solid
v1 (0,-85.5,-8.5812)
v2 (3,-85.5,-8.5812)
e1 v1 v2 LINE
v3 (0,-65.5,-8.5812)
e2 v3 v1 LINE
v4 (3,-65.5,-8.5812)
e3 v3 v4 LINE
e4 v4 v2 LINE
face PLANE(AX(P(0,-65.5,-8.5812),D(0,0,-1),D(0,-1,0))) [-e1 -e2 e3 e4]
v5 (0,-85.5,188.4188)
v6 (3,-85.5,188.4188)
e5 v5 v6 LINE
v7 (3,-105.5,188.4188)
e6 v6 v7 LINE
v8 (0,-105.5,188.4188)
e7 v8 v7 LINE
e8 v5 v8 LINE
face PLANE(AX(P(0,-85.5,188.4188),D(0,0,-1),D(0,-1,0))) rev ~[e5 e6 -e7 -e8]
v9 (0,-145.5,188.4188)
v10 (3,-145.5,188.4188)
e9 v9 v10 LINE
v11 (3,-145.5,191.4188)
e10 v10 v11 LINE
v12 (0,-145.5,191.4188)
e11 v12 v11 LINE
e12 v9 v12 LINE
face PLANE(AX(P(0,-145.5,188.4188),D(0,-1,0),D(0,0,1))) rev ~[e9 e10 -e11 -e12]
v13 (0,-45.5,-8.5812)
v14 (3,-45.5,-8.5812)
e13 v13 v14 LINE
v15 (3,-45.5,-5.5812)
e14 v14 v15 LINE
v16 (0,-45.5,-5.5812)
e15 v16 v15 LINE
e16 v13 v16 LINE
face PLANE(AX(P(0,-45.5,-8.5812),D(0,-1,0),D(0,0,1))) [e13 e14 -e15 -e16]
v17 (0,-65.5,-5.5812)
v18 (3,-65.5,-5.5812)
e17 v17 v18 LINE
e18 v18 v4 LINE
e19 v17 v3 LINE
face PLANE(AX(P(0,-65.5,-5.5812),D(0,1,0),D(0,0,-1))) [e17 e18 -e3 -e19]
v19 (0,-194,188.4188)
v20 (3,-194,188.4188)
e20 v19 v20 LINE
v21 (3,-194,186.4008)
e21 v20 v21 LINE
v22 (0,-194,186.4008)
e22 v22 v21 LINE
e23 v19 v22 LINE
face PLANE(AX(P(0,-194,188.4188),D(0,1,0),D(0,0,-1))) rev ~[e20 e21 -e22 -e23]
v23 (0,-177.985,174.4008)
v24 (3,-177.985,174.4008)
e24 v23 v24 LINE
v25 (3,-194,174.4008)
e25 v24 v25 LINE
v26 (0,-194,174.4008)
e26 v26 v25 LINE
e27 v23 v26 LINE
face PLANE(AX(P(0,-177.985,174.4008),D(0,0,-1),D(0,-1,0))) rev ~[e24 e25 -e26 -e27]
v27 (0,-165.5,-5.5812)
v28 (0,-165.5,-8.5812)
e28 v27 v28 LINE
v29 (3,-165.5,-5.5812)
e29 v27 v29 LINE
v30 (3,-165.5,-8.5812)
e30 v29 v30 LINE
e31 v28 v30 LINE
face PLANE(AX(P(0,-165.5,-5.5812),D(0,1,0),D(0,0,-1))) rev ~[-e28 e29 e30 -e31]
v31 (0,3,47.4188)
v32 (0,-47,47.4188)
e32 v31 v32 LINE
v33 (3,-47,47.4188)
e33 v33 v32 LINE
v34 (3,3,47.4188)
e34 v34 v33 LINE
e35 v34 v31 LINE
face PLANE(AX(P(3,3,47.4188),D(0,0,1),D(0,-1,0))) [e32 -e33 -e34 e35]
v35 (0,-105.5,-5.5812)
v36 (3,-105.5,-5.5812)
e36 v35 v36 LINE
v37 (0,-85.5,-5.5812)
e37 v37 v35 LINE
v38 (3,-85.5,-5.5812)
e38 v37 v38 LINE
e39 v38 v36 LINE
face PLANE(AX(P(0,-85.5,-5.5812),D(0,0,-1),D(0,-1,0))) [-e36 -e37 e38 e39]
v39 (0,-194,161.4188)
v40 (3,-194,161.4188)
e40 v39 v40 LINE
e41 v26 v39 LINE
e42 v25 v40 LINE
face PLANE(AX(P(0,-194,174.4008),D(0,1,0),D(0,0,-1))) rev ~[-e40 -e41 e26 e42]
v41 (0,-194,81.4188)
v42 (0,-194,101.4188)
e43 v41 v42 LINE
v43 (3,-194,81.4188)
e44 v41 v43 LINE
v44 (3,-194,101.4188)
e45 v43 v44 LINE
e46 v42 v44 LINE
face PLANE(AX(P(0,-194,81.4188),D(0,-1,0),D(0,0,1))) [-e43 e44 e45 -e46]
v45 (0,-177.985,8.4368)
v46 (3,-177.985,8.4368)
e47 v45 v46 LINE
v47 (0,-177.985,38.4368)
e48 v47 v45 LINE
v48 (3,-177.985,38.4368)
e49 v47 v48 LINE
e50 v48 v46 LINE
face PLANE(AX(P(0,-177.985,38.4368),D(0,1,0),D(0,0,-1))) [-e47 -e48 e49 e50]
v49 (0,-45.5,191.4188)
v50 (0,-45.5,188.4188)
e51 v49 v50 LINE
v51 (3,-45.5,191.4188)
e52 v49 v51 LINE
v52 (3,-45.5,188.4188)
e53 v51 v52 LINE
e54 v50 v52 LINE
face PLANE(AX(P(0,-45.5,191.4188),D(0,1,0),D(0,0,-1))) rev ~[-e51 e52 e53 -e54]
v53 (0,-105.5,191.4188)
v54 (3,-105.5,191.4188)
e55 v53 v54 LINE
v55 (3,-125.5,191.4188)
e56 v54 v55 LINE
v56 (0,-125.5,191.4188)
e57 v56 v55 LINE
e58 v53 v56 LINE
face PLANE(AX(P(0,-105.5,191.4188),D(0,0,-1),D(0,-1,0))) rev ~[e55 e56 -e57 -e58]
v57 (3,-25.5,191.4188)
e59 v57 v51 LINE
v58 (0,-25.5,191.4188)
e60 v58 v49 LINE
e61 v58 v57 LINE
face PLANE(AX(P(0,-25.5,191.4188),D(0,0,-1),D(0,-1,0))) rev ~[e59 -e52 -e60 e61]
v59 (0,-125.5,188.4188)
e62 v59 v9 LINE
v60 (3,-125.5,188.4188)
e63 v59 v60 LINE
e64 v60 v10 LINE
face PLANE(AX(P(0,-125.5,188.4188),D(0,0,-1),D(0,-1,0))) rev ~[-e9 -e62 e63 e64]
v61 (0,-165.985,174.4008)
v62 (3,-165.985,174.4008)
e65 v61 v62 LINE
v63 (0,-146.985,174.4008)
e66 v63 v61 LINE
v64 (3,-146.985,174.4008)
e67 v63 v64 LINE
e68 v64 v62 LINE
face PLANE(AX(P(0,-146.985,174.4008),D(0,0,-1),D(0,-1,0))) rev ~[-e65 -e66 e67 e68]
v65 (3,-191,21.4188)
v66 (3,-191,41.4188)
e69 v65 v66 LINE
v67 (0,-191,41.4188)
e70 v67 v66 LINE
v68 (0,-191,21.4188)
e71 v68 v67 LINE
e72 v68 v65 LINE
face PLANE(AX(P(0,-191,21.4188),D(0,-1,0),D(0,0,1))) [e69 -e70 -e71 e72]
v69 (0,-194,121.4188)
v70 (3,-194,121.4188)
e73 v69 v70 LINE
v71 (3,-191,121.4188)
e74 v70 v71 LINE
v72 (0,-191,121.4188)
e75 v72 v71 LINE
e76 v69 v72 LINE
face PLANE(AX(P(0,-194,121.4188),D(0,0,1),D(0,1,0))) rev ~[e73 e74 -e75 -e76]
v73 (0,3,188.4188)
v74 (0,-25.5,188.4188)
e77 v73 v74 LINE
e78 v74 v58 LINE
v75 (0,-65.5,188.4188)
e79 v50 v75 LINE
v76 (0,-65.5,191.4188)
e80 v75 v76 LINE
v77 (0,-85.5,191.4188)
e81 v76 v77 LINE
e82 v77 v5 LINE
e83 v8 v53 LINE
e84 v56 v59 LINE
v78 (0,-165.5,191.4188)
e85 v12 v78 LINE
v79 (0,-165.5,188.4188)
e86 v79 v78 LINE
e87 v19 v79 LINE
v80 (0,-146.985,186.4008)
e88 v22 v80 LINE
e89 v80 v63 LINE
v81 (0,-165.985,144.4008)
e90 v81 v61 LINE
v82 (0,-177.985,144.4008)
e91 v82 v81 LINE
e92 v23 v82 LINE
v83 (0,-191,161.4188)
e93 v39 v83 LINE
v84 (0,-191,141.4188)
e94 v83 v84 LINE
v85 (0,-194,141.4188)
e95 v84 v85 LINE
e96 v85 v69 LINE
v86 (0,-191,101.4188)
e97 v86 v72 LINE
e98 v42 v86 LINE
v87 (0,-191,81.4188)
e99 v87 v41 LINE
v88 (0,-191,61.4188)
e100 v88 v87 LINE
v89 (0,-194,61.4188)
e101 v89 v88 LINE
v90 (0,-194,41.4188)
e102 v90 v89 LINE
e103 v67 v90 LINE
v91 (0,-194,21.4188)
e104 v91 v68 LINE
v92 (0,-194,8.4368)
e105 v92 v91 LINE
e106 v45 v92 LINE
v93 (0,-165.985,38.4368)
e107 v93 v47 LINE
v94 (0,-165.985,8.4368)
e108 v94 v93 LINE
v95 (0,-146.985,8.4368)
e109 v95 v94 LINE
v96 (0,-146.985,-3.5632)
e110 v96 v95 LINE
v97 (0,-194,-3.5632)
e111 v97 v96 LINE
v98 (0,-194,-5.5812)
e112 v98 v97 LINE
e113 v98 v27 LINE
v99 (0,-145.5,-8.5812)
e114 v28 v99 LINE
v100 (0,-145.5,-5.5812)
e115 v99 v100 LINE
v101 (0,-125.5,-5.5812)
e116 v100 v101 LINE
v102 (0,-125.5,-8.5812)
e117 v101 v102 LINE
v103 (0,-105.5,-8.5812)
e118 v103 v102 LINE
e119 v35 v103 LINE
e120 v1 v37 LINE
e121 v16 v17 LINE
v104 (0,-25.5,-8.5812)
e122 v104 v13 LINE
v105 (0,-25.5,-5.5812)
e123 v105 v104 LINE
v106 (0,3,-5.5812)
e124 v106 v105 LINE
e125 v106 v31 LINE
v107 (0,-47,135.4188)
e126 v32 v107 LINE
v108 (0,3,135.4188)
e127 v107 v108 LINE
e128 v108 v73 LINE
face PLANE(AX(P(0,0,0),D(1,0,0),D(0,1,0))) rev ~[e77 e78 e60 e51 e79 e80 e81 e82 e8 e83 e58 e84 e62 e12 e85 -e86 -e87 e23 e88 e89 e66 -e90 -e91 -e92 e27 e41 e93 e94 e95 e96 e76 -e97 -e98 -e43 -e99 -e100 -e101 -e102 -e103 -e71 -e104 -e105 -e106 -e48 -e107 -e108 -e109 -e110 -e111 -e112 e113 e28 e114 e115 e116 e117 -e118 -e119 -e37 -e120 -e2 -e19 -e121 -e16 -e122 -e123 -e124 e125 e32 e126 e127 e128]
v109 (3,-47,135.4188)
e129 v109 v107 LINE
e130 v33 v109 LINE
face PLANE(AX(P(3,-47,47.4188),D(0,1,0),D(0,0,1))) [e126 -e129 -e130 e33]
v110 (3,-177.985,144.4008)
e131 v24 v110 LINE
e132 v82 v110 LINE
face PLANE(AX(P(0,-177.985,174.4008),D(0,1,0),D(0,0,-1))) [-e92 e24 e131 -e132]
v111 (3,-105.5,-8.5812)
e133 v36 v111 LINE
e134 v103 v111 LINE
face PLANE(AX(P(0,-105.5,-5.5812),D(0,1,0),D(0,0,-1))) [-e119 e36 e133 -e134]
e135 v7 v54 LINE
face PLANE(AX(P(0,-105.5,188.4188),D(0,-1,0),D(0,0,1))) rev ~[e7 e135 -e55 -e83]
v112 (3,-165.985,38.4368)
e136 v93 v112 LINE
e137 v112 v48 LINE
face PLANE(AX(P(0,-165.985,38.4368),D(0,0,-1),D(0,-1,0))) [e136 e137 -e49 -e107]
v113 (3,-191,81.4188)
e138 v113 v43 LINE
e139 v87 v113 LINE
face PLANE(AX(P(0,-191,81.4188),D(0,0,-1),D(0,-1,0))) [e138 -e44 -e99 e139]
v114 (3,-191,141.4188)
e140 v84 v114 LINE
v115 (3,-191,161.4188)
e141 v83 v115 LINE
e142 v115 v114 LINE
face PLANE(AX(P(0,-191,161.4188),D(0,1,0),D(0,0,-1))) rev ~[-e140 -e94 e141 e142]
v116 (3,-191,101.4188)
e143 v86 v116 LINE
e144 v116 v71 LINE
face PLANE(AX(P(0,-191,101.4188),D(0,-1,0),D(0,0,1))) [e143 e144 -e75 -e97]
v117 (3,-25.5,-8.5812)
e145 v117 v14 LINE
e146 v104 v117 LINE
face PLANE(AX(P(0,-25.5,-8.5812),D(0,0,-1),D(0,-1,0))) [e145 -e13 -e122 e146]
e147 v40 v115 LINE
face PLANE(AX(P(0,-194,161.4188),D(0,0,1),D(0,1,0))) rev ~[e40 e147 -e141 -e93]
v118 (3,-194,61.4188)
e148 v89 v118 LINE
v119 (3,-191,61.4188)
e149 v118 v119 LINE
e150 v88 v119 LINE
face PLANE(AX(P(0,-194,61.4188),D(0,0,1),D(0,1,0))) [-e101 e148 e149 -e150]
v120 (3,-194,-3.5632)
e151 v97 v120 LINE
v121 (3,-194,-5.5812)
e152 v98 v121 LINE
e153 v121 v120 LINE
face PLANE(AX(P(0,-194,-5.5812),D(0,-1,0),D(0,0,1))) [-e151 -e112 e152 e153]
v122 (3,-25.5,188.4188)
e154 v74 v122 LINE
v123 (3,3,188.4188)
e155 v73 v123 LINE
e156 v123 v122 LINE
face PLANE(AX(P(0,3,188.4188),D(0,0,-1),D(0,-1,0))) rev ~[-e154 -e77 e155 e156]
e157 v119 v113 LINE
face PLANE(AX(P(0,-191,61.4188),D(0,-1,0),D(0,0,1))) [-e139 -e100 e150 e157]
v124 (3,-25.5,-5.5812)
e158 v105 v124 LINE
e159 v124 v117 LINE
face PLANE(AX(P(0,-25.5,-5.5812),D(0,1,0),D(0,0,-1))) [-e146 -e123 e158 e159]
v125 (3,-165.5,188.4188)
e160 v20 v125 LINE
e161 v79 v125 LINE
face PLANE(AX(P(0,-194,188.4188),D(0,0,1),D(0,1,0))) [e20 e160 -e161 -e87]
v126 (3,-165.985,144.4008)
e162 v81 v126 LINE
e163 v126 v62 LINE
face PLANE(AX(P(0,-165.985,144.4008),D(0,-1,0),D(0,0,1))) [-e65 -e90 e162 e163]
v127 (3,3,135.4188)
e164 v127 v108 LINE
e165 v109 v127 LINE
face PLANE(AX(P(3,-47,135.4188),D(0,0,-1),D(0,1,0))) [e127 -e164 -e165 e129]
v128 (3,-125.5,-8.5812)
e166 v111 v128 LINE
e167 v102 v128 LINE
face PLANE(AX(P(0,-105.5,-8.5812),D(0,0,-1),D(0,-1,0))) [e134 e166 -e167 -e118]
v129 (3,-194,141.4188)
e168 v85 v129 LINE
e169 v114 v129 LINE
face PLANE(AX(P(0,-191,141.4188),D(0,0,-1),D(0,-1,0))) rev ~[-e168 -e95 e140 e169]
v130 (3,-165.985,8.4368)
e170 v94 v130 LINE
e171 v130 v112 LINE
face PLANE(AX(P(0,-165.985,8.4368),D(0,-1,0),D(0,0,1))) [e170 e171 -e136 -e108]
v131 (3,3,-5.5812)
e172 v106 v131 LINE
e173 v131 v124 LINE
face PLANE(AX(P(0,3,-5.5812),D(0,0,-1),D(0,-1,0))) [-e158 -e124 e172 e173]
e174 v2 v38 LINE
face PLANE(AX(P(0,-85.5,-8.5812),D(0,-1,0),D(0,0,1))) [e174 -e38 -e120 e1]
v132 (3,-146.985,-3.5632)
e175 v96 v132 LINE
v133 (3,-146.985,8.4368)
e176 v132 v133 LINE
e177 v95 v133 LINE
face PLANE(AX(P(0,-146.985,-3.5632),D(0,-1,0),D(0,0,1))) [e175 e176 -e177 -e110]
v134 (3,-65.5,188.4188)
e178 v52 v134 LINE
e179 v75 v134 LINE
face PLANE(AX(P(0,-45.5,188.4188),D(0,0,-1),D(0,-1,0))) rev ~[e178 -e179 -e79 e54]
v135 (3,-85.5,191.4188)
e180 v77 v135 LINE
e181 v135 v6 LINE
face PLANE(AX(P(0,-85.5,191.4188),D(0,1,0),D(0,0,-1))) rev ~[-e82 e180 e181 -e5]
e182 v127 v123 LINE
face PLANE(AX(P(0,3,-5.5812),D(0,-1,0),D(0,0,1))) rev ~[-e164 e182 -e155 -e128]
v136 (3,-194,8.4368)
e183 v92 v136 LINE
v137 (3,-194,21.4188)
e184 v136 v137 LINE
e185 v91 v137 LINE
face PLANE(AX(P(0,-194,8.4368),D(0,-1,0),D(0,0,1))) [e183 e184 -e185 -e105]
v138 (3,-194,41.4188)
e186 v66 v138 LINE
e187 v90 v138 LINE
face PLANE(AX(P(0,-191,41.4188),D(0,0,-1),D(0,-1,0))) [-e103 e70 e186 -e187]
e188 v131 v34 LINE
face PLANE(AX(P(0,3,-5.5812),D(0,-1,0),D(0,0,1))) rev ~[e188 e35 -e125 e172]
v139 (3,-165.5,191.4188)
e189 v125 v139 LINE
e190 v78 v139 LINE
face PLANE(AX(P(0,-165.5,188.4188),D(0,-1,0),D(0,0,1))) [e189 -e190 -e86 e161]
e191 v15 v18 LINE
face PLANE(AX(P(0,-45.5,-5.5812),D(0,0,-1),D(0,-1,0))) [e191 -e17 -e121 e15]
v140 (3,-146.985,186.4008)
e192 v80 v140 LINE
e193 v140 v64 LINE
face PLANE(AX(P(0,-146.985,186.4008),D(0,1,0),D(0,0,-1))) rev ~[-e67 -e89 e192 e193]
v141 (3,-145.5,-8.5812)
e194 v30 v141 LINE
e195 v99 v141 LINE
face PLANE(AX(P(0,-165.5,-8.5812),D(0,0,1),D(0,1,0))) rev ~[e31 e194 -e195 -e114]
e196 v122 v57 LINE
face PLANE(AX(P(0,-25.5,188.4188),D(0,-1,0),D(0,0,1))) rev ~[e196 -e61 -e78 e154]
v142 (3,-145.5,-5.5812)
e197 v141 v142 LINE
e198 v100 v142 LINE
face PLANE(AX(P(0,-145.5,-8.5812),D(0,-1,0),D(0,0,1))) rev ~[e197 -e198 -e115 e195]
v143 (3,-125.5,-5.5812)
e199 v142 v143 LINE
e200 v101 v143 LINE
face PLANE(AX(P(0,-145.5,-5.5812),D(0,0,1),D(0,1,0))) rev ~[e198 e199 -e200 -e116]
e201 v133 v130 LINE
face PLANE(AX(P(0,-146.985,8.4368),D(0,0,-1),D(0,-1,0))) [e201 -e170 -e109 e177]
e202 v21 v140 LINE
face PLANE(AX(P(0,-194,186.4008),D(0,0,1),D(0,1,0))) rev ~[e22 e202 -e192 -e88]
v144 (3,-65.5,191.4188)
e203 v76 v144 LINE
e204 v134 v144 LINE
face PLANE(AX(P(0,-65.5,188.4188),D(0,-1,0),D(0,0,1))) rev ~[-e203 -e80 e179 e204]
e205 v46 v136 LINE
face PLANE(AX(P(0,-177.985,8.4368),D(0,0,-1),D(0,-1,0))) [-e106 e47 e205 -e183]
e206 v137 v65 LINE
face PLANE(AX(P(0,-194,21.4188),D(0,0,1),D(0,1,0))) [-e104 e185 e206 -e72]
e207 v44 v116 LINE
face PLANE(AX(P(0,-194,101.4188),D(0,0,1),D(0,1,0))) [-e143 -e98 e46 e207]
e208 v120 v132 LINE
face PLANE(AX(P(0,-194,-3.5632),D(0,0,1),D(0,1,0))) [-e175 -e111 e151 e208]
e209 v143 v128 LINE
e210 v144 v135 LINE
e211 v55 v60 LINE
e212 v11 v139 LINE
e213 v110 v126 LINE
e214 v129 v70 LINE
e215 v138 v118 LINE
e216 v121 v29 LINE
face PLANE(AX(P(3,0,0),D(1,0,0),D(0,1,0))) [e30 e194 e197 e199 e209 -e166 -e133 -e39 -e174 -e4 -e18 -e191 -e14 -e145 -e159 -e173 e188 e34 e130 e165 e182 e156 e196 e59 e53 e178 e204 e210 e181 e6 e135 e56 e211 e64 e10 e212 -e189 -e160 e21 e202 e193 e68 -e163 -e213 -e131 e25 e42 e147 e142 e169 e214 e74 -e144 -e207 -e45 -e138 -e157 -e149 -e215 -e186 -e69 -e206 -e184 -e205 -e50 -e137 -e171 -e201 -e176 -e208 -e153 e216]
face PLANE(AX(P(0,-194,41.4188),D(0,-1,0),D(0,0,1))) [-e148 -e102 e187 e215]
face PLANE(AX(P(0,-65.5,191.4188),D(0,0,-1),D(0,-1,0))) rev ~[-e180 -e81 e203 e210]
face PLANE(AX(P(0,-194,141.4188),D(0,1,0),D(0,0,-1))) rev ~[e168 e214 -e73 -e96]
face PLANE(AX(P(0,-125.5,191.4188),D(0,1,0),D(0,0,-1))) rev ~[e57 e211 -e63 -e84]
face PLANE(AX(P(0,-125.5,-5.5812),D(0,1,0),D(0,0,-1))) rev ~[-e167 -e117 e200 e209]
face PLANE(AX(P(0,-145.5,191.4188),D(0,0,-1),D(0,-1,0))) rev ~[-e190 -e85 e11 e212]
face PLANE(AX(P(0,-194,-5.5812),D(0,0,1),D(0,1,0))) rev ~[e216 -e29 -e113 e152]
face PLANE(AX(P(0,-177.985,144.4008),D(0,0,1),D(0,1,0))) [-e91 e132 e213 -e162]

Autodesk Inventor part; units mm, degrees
ref_plane "YZ Plane" through (0, 0, 0) normal (1, 0, 0) x (0, 1, 0)
ref_plane "XZ Plane" through (0, 0, 0) normal (0, 1, 0) x (-1, 0, 0)
ref_plane "XY Plane" through (0, 0, 0) normal (0, 0, 1) x (1, 0, 0)
sketch "Sketch1" plane through (0, 0, 0) normal (1, 0, 0) x (0, 1, 0)
  line L0 (3, 191.4188) -> (-194, 191.4188) construction
  line L1 (-194, 191.4188) -> (-194, -8.5812) construction
  line L2 (-194, -8.5812) -> (3, -8.5812) construction
  line L3 (3, -8.5812) -> (3, 191.4188) construction
  line L4 (0, 188.4188) -> (-191, 188.4188) construction
  line L5 (-191, 188.4188) -> (-191, -5.5812) construction
  line L6 (-191, -5.5812) -> (0, -5.5812) construction
  line L7 (0, -5.5812) -> (0, 188.4188) construction
  line L8 (-165.5, -5.5812) -> (-165.5, -8.5812) construction
  line L9 (-194, -5.5812) -> (-165.5, -5.5812)
  line L10 (-165.5, -5.5812) -> (-165.5, -8.5812)
  line L11 (-165.5, -8.5812) -> (-145.5, -8.5812)
  line L12 (-145.5, -8.5812) -> (-145.5, -5.5812)
  line L13 (-145.5, -5.5812) -> (-125.5, -5.5812)
  line L14 (-125.5, -5.5812) -> (-125.5, -8.5812)
  line L15 (3, -5.5812) -> (-25.5, -5.5812)
  line L16 (-25.5, -5.5812) -> (-25.5, -8.5812)
  line L17 (-25.5, -8.5812) -> (-45.5, -8.5812)
  line L18 (-45.5, -8.5812) -> (-45.5, -5.5812)
  line L19 (-45.5, -5.5812) -> (-65.5, -5.5812)
  line L20 (-65.5, -5.5812) -> (-65.5, -8.5812)
  line L21 (-65.5, -8.5812) -> (-85.5, -8.5812)
  line L22 (-85.5, -8.5812) -> (-85.5, -5.5812)
  line L23 (-85.5, -5.5812) -> (-105.5, -5.5812)
  line L24 (-105.5, -5.5812) -> (-105.5, -8.5812)
  line L25 (-105.5, -8.5812) -> (-125.5, -8.5812)
  line L26 (-194, 188.4188) -> (-165.5, 188.4188)
  line L27 (-165.5, 188.4188) -> (-165.5, 191.4188)
  line L28 (3, 188.4188) -> (-25.5, 188.4188)
  line L29 (-25.5, 188.4188) -> (-25.5, 191.4188)
  line L30 (-25.5, 191.4188) -> (-45.5, 191.4188)
  line L31 (-45.5, 191.4188) -> (-45.5, 188.4188)
  line L32 (-45.5, 188.4188) -> (-65.5, 188.4188)
  line L33 (-65.5, 188.4188) -> (-65.5, 191.4188)
  line L34 (-65.5, 191.4188) -> (-85.5, 191.4188)
  line L35 (-85.5, 191.4188) -> (-85.5, 188.4188)
  line L36 (-85.5, 188.4188) -> (-105.5, 188.4188)
  line L37 (-105.5, 188.4188) -> (-105.5, 191.4188)
  line L38 (-105.5, 191.4188) -> (-125.5, 191.4188)
  line L39 (-125.5, 191.4188) -> (-125.5, 188.4188)
  line L40 (-125.5, 188.4188) -> (-145.5, 188.4188)
  line L41 (-145.5, 188.4188) -> (-145.5, 191.4188)
  line L42 (-145.5, 191.4188) -> (-165.5, 191.4188)
  line L43 (-194, 188.4188) -> (-194, 161.4188)
  line L44 (-194, 161.4188) -> (-191, 161.4188)
  line L45 (-191, 161.4188) -> (-191, 141.4188)
  line L46 (-191, 141.4188) -> (-194, 141.4188)
  line L47 (-194, 141.4188) -> (-194, 121.4188)
  line L48 (-194, 121.4188) -> (-191, 121.4188)
  line L49 (-194, -5.5812) -> (-194, 21.4188)
  line L50 (-194, 21.4188) -> (-191, 21.4188)
  line L51 (-191, 21.4188) -> (-191, 41.4188)
  line L52 (-191, 41.4188) -> (-194, 41.4188)
  line L53 (-194, 41.4188) -> (-194, 61.4188)
  line L54 (-194, 61.4188) -> (-191, 61.4188)
  line L55 (-191, 61.4188) -> (-191, 81.4188)
  line L56 (-191, 81.4188) -> (-194, 81.4188)
  line L57 (-194, 81.4188) -> (-194, 101.4188)
  line L58 (-194, 101.4188) -> (-191, 101.4188)
  line L59 (-191, 101.4188) -> (-191, 121.4188)
  line L60 (3, -5.5812) -> (3, 188.4188)
  line L61 (-194, 186.4008) -> (-146.985, 186.4008)
  line L62 (-146.985, 186.4008) -> (-146.985, 174.4008)
  line L63 (-177.985, 174.4008) -> (-177.985, 144.4008)
  line L64 (-177.985, 144.4008) -> (-165.985, 144.4008)
  line L65 (-165.985, 144.4008) -> (-165.985, 174.4008)
  line L66 (-194, -3.5632) -> (-146.985, -3.5632)
  line L67 (-146.985, -3.5632) -> (-146.985, 8.4368)
  line L68 (-146.985, 8.4368) -> (-165.985, 8.4368)
  line L69 (-165.985, 8.4368) -> (-165.985, 38.4368)
  line L70 (-165.985, 38.4368) -> (-177.985, 38.4368)
  line L71 (-177.985, 38.4368) -> (-177.985, 8.4368)
  line L72 (-177.985, 8.4368) -> (-194, 8.4368)
  line L73 (-177.985, 174.4008) -> (-194, 174.4008)
  line L74 (-146.985, 174.4008) -> (-165.985, 174.4008)
  point P0 (0, 0)
  point P1 (-170.4925, 186.4008)
  point P2 (-194, 174.9188)
  dimension "d0" = 197
  dimension "d1" = 200
  dimension "d2" = 3
  dimension "d3" = 3
  dimension "d4" = 3
  dimension "d5" = 3
  dimension "d6" = 3
  dimension "d7" = 3
  dimension "d8" = 3
  dimension "d9" = 3
  dimension "d11" = 28.5
  dimension "d12" = 20
  dimension "d13" = 20
  dimension "d14" = 28.5
  dimension "d15" = 20
  dimension "d16" = 20
  dimension "d17" = 20
  dimension "d18" = 20
  dimension "d19" = 28.5
  dimension "d20" = 28.5
  dimension "d21" = 20
  dimension "d22" = 20
  dimension "d23" = 20
  dimension "d24" = 20
  dimension "d25" = 20
  dimension "d26" = 20
  dimension "d27" = 27
  dimension "d28" = 20
  dimension "d29" = 20
  dimension "d30" = 27
  dimension "d31" = 20
  dimension "d32" = 20
  dimension "d33" = 20
  dimension "d34" = 20
  dimension "d35" = 5.018
  dimension "d37" = 47.015
  dimension "d38" = 12
  dimension "d39" = 19
  dimension "d40" = 30
  dimension "d41" = 12
  dimension "d42" = 16.015
  dimension "d43" = 5.018
  dimension "d47" = 47.015
  dimension "d48" = 30
  dimension "d49" = 12
  dimension "d50" = 12
  dimension "d51" = 19
  dimension "d52" = 16.015
extrude "Extrusion1" add sketch "Sketch1" along normal blind 3 contours L49 L66 L67 L68 L69 L70 L71 L72 L50 L51 L52 L53 L54 L55 L56 L57 L58 L59 L48 L47 L46 L45 L44 L43 L73 L63 L64 L65 L74 L62 L61 L26 L27 L42 L41 L40 L39 L38 L37 L36 L35 L34 L33 L32 L31 L30 L29 L28 L60 L15 L16 L17 L18 L19 L20 L21 L22 L23 L24 L25 L14 L13 L12 L11 L10 L9
sketch "Sketch2" plane through (3, 0, 0) normal (1, 0, 0) x (0, 0, -1)
  line L0 (5.5812, 3) -> (-188.4188, 3) projected
  line L1 (-135.4188, 3) -> (-47.4188, 3)
  line L2 (-47.4188, 3) -> (-47.4188, -47)
  line L3 (-47.4188, -47) -> (-135.4188, -47)
  line L4 (-135.4188, -47) -> (-135.4188, 3)
  point P0 (0, 0)
  dimension "d58" = 50
  dimension "d59" = 88
  dimension "d60" = 53
  dimension "d61" = 53
extrude "Extrusion2" cut sketch "Sketch2" against normal blind 10
properties part number "outisdewall_right"
